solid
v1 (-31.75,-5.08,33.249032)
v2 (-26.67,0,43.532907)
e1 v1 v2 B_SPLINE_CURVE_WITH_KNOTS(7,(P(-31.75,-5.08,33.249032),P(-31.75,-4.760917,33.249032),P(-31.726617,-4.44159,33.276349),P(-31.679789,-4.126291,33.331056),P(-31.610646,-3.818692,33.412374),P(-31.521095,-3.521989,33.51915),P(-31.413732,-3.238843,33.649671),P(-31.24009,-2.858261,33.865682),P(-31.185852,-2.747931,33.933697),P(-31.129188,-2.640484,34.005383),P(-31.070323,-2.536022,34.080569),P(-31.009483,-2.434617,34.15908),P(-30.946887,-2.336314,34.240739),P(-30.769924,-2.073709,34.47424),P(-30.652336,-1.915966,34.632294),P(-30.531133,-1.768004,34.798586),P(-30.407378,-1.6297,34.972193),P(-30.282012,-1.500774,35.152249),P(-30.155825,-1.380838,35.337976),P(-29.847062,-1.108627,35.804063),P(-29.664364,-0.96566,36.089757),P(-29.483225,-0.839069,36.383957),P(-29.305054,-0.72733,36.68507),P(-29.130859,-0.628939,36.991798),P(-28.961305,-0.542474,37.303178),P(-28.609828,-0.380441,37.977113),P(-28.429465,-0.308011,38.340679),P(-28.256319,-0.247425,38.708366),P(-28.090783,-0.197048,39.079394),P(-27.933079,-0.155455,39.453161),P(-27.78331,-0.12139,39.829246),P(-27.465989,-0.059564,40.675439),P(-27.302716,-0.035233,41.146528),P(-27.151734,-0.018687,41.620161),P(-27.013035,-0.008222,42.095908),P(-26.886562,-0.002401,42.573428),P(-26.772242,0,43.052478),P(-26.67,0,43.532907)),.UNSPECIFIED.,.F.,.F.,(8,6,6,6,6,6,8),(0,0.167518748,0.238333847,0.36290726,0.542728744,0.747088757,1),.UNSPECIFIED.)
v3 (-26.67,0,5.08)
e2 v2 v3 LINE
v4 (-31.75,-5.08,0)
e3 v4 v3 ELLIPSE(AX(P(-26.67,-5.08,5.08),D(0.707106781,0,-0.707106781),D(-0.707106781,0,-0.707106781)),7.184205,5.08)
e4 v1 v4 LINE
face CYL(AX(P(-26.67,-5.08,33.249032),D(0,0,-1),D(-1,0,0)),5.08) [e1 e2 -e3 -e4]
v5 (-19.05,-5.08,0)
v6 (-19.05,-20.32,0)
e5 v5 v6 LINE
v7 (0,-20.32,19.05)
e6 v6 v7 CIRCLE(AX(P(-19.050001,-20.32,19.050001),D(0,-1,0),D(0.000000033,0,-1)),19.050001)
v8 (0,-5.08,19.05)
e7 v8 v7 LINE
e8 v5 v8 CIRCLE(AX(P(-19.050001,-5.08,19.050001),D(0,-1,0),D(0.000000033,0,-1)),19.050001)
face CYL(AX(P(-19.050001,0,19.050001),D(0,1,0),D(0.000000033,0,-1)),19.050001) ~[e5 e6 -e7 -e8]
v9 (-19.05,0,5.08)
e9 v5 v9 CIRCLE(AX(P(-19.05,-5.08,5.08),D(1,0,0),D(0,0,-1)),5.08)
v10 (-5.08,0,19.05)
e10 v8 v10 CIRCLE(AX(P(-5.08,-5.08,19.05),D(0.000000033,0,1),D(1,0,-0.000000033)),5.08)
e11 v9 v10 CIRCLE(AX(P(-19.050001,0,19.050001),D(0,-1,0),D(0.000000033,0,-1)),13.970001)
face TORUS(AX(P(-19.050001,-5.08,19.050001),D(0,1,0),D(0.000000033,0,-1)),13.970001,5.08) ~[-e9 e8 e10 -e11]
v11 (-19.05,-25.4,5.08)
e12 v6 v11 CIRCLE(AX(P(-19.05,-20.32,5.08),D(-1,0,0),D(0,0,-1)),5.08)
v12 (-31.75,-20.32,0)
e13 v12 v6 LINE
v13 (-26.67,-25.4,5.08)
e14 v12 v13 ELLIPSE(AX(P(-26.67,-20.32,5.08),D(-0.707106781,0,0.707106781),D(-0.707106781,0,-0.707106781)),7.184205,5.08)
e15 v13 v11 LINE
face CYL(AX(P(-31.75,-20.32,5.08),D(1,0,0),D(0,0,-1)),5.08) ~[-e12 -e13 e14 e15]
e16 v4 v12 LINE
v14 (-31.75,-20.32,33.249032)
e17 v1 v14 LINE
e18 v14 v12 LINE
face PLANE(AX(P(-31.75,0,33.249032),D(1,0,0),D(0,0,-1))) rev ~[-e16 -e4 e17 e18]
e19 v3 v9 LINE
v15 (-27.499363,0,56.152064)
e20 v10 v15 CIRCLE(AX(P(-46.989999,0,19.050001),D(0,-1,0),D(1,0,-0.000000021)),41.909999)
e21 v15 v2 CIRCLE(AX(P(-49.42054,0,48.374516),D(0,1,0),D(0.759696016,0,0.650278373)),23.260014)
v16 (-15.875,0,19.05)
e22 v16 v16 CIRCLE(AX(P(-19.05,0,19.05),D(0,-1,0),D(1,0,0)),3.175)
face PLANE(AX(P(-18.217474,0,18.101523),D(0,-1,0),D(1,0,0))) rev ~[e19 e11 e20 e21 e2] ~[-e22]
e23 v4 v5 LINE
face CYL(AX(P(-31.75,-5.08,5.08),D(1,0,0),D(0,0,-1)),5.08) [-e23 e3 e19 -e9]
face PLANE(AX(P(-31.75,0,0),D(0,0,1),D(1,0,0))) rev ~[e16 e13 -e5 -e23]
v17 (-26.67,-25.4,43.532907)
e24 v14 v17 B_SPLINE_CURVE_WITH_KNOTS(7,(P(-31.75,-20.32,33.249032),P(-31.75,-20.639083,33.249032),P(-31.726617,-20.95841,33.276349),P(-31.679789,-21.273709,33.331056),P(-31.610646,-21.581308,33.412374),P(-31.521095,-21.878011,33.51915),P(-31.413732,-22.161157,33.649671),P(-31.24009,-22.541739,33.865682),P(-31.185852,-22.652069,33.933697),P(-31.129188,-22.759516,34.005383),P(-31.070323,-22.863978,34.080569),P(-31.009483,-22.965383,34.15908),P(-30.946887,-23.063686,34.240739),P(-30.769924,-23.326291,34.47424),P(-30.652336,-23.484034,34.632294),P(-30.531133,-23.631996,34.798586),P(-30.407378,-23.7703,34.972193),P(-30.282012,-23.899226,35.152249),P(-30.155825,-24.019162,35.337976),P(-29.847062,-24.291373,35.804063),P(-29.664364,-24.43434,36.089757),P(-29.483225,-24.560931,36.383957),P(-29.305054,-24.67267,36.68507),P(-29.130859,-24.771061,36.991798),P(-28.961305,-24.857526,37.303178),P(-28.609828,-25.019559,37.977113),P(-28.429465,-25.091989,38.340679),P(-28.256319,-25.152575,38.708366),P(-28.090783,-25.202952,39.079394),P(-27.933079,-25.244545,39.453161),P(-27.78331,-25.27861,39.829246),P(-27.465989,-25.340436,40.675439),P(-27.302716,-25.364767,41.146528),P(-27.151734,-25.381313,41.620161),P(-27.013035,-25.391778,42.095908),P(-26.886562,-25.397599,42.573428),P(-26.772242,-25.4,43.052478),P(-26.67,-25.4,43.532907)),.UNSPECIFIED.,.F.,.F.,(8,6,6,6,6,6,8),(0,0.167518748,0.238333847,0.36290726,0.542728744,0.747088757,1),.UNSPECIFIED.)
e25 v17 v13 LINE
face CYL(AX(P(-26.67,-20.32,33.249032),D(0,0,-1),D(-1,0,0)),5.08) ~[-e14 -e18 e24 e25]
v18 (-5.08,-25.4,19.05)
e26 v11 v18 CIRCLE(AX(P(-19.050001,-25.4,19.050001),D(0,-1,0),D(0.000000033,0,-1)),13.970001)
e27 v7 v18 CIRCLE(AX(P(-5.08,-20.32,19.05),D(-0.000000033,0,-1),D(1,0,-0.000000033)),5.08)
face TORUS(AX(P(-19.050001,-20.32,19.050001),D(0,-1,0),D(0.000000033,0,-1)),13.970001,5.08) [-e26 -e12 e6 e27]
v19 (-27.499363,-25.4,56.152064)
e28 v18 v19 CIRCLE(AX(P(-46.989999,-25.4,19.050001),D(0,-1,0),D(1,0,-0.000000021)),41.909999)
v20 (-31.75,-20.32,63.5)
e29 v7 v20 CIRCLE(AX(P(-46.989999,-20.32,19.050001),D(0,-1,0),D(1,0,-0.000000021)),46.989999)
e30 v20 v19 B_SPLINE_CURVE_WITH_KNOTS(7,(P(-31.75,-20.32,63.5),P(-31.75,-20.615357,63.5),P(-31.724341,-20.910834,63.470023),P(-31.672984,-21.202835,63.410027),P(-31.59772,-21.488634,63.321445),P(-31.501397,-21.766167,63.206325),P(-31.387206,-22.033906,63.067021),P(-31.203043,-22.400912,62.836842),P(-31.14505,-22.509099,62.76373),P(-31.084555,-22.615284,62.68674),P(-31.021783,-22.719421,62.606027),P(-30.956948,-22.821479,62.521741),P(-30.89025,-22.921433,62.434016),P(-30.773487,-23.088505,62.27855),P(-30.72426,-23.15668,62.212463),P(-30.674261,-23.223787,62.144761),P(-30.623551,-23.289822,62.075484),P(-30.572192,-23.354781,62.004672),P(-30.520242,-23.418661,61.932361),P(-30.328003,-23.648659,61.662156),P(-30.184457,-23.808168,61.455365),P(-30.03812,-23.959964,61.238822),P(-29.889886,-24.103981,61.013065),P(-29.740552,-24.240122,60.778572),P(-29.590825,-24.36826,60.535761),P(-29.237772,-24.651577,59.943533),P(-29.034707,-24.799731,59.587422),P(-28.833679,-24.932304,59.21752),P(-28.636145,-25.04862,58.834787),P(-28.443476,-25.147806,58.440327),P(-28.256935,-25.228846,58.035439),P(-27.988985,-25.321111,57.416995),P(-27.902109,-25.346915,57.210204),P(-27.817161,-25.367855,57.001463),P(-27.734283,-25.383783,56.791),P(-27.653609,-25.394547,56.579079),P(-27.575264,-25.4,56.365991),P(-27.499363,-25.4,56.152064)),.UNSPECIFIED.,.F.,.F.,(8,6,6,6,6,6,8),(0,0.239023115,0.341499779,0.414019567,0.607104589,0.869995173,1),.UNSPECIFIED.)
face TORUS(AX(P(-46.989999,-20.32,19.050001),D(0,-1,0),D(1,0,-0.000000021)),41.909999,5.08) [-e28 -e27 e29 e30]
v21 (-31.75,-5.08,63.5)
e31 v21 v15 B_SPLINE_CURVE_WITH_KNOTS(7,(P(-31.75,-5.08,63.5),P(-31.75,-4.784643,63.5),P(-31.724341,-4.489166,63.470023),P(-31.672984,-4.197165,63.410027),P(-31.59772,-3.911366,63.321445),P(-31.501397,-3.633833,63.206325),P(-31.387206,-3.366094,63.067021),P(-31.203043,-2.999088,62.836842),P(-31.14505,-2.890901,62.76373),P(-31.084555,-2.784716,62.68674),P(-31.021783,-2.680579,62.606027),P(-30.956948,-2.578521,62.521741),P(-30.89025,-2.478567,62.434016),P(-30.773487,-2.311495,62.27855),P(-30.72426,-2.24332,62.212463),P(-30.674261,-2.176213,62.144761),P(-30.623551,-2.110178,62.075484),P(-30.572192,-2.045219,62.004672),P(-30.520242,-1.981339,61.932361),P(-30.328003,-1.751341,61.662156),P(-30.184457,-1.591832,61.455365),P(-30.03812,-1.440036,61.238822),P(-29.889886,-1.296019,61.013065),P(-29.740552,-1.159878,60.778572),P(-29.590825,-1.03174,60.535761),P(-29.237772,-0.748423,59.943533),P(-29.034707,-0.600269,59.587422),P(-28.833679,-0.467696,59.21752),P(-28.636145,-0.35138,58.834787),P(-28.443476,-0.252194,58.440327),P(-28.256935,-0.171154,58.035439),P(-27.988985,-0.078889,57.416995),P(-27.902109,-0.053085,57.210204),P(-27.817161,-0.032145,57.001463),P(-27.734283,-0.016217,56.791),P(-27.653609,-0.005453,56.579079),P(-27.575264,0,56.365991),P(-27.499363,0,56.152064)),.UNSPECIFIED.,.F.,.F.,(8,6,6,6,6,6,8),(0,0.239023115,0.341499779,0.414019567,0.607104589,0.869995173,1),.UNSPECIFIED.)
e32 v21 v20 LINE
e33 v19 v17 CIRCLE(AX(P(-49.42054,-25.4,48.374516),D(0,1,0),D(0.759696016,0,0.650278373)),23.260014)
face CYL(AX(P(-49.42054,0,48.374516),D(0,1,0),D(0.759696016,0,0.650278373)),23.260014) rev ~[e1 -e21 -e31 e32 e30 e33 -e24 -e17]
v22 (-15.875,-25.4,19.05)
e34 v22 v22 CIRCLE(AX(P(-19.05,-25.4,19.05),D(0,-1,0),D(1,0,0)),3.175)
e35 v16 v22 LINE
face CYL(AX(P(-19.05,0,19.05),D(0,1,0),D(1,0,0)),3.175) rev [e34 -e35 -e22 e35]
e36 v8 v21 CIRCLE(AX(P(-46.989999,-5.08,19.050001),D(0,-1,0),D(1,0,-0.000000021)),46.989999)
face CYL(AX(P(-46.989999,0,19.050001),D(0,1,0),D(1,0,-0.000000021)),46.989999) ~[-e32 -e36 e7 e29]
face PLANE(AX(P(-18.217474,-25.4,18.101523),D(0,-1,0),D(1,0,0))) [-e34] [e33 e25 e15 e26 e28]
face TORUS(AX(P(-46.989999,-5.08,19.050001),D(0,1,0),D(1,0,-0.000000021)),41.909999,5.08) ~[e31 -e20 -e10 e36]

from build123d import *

# Parameters (mm, degrees)
F0_R     = 3.175
F1_DEPTH = 25.4
F2_R     = 5.08
F3_R     = 5.08


with BuildPart() as f1:
    # F0 (on Front) → F1 (new body)
    with BuildSketch(Plane.XZ):
        with BuildLine():
            Line((-31.75, 0), (-19.05, 0))
            ThreePointArc((-19.05, 0), (-5.579616, 5.579616), (0, 19.05))
            ThreePointArc((0, 19.05), (-11.27287, 36.440191), (-31.75, 33.249032))
            Line((-31.75, 33.249032), (-31.75, 0))
        make_face()
        with Locations((-19.05, 19.05)):
            Circle(F0_R, mode=Mode.SUBTRACT)
        with BuildLine():
            ThreePointArc((-31.75, 33.249032), (-11.27287, 36.440191), (0, 19.05))
            ThreePointArc((0, 19.05), (-8.752664, 46.362383), (-31.75, 63.5))
            ThreePointArc((-31.75, 63.5), (-26.160526, 48.374516), (-31.75, 33.249032))
        make_face()
    extrude(amount=F1_DEPTH)

    # F2
    f2_edges = [f1.edges().sort_by_distance(p)[0] for p in [
        (-31.75, -25.4, 16.624516),
        (-25.4, -25.4, 0),
    ]]
    fillet(f2_edges, radius=F2_R)

    # F3
    f3_edges = [f1.edges().sort_by_distance(p)[0] for p in [
        (-31.75, 0, 16.624516),
        (-25.4, 0, 0),
    ]]
    fillet(f3_edges, radius=F3_R)


solid = f1.part
